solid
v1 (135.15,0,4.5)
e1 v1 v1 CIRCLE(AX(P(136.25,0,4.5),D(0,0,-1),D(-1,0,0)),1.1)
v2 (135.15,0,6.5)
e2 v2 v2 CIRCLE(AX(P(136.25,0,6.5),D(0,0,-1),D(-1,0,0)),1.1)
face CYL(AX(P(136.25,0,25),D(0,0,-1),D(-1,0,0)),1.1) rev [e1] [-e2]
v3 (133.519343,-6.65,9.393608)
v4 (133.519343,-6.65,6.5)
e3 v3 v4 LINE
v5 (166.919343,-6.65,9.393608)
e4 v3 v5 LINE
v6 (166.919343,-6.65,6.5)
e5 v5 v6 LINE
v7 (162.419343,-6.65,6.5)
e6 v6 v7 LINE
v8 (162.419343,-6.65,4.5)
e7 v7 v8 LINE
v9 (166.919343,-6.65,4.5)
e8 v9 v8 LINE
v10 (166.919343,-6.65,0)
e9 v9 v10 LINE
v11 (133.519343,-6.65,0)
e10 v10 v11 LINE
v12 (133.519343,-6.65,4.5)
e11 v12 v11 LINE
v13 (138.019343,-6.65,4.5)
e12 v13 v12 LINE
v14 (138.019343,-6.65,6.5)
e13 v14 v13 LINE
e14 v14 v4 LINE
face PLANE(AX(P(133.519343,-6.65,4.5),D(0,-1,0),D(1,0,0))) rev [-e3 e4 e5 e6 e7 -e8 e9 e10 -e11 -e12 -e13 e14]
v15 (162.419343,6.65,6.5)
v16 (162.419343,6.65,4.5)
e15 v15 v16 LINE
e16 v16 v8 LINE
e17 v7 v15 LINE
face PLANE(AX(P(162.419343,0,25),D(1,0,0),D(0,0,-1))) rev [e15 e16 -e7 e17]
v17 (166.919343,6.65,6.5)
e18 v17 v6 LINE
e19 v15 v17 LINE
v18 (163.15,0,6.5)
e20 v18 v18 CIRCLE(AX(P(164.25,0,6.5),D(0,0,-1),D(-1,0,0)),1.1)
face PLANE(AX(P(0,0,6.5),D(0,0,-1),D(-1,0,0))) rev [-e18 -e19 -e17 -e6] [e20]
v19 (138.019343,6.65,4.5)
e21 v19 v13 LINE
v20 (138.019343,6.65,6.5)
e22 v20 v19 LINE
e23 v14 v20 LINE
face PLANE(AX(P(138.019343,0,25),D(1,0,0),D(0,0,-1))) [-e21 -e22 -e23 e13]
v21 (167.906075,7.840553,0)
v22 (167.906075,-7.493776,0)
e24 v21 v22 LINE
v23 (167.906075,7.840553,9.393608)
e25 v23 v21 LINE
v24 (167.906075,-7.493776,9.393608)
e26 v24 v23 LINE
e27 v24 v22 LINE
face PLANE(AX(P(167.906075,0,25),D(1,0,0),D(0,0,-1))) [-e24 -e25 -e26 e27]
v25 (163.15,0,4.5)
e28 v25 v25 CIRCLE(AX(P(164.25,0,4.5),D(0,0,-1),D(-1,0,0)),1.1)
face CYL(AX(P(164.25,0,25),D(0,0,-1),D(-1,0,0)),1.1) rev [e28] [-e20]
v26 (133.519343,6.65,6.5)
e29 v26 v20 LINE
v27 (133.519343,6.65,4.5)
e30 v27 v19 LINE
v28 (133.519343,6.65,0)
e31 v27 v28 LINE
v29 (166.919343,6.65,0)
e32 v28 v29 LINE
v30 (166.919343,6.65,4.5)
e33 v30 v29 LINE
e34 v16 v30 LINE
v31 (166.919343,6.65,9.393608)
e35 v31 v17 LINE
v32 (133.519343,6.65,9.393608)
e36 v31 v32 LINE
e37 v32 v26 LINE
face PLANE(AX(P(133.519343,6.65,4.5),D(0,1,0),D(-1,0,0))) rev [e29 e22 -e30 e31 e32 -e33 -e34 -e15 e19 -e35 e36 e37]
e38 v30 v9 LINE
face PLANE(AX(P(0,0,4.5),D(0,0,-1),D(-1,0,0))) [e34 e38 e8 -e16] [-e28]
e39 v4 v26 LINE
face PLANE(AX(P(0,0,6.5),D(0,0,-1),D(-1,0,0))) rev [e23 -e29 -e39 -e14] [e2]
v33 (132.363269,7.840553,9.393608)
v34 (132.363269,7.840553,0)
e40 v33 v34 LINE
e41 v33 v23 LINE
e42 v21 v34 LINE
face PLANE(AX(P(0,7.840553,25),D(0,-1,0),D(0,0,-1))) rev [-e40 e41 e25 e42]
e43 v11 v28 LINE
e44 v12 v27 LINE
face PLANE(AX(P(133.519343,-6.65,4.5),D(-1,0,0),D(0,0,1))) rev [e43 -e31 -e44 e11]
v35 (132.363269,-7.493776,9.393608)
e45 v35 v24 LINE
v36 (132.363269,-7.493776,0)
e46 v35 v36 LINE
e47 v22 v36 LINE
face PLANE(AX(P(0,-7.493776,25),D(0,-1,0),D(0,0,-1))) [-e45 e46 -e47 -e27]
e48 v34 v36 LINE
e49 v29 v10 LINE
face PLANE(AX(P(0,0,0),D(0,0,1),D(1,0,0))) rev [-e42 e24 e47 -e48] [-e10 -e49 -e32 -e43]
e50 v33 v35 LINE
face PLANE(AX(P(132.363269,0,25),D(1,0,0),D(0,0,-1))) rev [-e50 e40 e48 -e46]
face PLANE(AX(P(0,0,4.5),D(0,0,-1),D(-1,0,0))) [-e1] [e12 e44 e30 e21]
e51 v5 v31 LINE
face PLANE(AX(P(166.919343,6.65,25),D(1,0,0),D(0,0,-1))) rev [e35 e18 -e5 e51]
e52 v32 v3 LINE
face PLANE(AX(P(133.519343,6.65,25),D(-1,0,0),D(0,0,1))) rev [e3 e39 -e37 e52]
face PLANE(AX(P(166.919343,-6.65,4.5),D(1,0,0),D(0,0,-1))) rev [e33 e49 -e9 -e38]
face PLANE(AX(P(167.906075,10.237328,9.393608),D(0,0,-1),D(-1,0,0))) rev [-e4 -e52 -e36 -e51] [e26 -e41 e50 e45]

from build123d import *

# Parameters (mm, degrees)
BOSS_EXTRUDE1_DEPTH = 25
SKETCH16_W          = 33.4
SKETCH16_H          = 13.3
CUT_EXTRUDE10_DEPTH = 4.5
SKETCH19_R          = 20
CUT_EXTRUDE14_DEPTH = 5
SKETCH17_W          = 24.4
SKETCH17_H          = 13.3
CUT_EXTRUDE11_DEPTH = 177.45821035
CUT_EXTRUDE13_DEPTH = 6.45
SKETCH20_W          = 33.4
SKETCH20_H          = 13.3
CUT_EXTRUDE15_DEPTH = 176.655202029
SKETCH21_R          = 1.1
CUT_EXTRUDE16_DEPTH = 177.45821035
SKETCH22_R          = 2
CUT_EXTRUDE17_DEPTH = 20
SKETCH23_W          = 35.542805721
SKETCH23_H          = 15.334329657
SKETCH23_R          = 20
CUT_EXTRUDE18_DEPTH = 177.45821035
SKETCH24_W          = 18.060519465
SKETCH24_H          = 23.66068054
CUT_EXTRUDE19_DEPTH = 45.156146987


with BuildPart() as part:
    # Sketch1 → Boss-Extrude1 (new body)
    with BuildSketch(Plane.XY):
        with BuildLine():
            ThreePointArc((172.5, 0), (152.823244805, 26.363741023), (121.951138857, 15))
            Line((121.951138857, 15), (145, 15))
            Line((145, 15), (145, -15))
            Line((145, -15), (121.951138857, -15))
            ThreePointArc((121.951138857, -15), (152.823244805, -26.363741023), (172.5, 0))
        make_face()
        with BuildLine():
            Line((145, 15), (121.951138857, 15))
            ThreePointArc((121.951138857, 15), (117.5, 0), (121.951138857, -15))
            Line((121.951138857, -15), (145, -15))
            Line((145, -15), (145, 15))
        make_face()
        with BuildLine():
            Line((121.951138857, 15), (23.048861143, 15))
            ThreePointArc((23.048861143, 15), (26.363741023, 7.823244805), (27.5, 0))
            ThreePointArc((27.5, 0), (26.363741023, -7.823244805), (23.048861143, -15))
            Line((23.048861143, -15), (121.951138857, -15))
            ThreePointArc((121.951138857, -15), (117.5, 0), (121.951138857, 15))
        make_face()
        with BuildLine():
            ThreePointArc((13.228756555, -15), (-20, 0), (13.228756555, 15))
            Line((13.228756555, 15), (23.048861143, 15))
            ThreePointArc((23.048861143, 15), (-27.5, 0), (23.048861143, -15))
            Line((23.048861143, -15), (13.228756555, -15))
        make_face()
        with BuildLine():
            Line((23.048861143, 15), (13.228756555, 15))
            ThreePointArc((13.228756555, 15), (18.228756555, 8.228756555), (20, 0))
            ThreePointArc((20, 0), (18.228756555, -8.228756555), (13.228756555, -15))
            Line((13.228756555, -15), (23.048861143, -15))
            ThreePointArc((23.048861143, -15), (26.363741023, -7.823244805), (27.5, 0))
            ThreePointArc((27.5, 0), (26.363741023, 7.823244805), (23.048861143, 15))
        make_face()
        with BuildLine():
            Line((0, -15), (0, 15))
            Line((0, 15), (13.228756555, 15))
            ThreePointArc((13.228756555, 15), (-20, 0), (13.228756555, -15))
            Line((13.228756555, -15), (0, -15))
        make_face()
        with BuildLine():
            Line((13.228756555, 15), (0, 15))
            Line((0, 15), (0, -15))
            Line((0, -15), (13.228756555, -15))
            ThreePointArc((13.228756555, -15), (18.228756555, -8.228756555), (20, 0))
            ThreePointArc((20, 0), (18.228756555, 8.228756555), (13.228756555, 15))
        make_face()
    extrude(amount=BOSS_EXTRUDE1_DEPTH)

    # Sketch16 → Cut-Extrude10 (cut)
    with BuildSketch(Plane(origin=(0, 0, 0), x_dir=(-1, 0, 0), z_dir=(0, 0, -1))):
        with Locations((-150.21934279, 0)):
            Rectangle(SKETCH16_W, SKETCH16_H)
    extrude(amount=-CUT_EXTRUDE10_DEPTH, mode=Mode.SUBTRACT)

    # Sketch19 → Cut-Extrude14 (cut)
    with BuildSketch(Plane(origin=(0, 0, 0), x_dir=(-1, 0, 0), z_dir=(0, 0, -1))):
        Circle(SKETCH19_R)
    extrude(amount=-CUT_EXTRUDE14_DEPTH, mode=Mode.SUBTRACT)

    # Sketch17 → Cut-Extrude11 (cut, through all)
    with BuildSketch(Plane(origin=(0, 0, 0), x_dir=(-1, 0, 0), z_dir=(0, 0, -1))):
        with Locations((-150.21934279, 0)):
            Rectangle(SKETCH17_W, SKETCH17_H)
    extrude(amount=-CUT_EXTRUDE11_DEPTH, mode=Mode.SUBTRACT)

    # Sketch18 → Cut-Extrude13 (cut, symmetric)
    with BuildSketch(Plane(origin=(0, 0, 0), x_dir=(-1, 0, 0), z_dir=(0, -1, 0))):
        Polygon((-138.01934279, -15), (-138.01934279, -25), (-122.01934279, -25), (-122.01934279, -22.5), align=None)
    extrude(amount=CUT_EXTRUDE13_DEPTH, both=True, mode=Mode.SUBTRACT)

    # Sketch20 → Cut-Extrude15 (cut, through all)
    with BuildSketch(Plane(origin=(0, 0, 6.5), x_dir=(-1, 0, 0), z_dir=(0, 0, -1))):
        with Locations((-150.21934279, 0)):
            Rectangle(SKETCH20_W, SKETCH20_H)
    extrude(amount=-CUT_EXTRUDE15_DEPTH, mode=Mode.SUBTRACT)

    # Sketch21 → Cut-Extrude16 (cut, through all)
    with BuildSketch(Plane(origin=(0, 0, 0), x_dir=(-1, 0, 0), z_dir=(0, 0, -1))):
        with Locations((-164.249999957, 0)):
            Circle(SKETCH21_R)
        with Locations((-136.249999957, 0)):
            Circle(SKETCH21_R)
    extrude(amount=-CUT_EXTRUDE16_DEPTH, mode=Mode.SUBTRACT)

    # Sketch22 → Cut-Extrude17 (cut)
    with BuildSketch(Plane.XY.offset(25)):
        Circle(SKETCH22_R)
    extrude(amount=-CUT_EXTRUDE17_DEPTH, mode=Mode.SUBTRACT)

    # Sketch23 → Cut-Extrude18 (cut, through all)
    with BuildSketch(Plane(origin=(0, 0, 0), x_dir=(-1, 0, 0), z_dir=(0, 0, -1))):
        with BuildLine():
            ThreePointArc((-121.951138857, 15), (-172.5, 0), (-121.951138857, -15))
            Line((-121.951138857, -15), (-23.048861143, -15))
            ThreePointArc((-23.048861143, -15), (27.5, 0), (-23.048861143, 15))
            Line((-23.048861143, 15), (-121.951138857, 15))
        make_face()
        with Locations((-150.134671958, 0.173388614)):
            Rectangle(SKETCH23_W, SKETCH23_H, mode=Mode.SUBTRACT)
        Circle(SKETCH23_R, mode=Mode.SUBTRACT)
    extrude(amount=-CUT_EXTRUDE18_DEPTH, mode=Mode.SUBTRACT)


with BuildPart() as cut_extrude18_kept_piece:
    # of the separate pieces the step leaves, the one the design keeps (cut_extrude18_pieces_kept)
    add(part.part.solids().sort_by_distance((133.51934279, 6.45, 25))[0])

    # Sketch24 → Cut-Extrude19 (cut, through all)
    with BuildSketch(Plane.ZY.offset(-132.363269097)):
        with Locations((18.423868143, -1.593012334)):
            Rectangle(SKETCH24_W, SKETCH24_H)
    extrude(amount=-CUT_EXTRUDE19_DEPTH, mode=Mode.SUBTRACT)


solid = cut_extrude18_kept_piece.part
